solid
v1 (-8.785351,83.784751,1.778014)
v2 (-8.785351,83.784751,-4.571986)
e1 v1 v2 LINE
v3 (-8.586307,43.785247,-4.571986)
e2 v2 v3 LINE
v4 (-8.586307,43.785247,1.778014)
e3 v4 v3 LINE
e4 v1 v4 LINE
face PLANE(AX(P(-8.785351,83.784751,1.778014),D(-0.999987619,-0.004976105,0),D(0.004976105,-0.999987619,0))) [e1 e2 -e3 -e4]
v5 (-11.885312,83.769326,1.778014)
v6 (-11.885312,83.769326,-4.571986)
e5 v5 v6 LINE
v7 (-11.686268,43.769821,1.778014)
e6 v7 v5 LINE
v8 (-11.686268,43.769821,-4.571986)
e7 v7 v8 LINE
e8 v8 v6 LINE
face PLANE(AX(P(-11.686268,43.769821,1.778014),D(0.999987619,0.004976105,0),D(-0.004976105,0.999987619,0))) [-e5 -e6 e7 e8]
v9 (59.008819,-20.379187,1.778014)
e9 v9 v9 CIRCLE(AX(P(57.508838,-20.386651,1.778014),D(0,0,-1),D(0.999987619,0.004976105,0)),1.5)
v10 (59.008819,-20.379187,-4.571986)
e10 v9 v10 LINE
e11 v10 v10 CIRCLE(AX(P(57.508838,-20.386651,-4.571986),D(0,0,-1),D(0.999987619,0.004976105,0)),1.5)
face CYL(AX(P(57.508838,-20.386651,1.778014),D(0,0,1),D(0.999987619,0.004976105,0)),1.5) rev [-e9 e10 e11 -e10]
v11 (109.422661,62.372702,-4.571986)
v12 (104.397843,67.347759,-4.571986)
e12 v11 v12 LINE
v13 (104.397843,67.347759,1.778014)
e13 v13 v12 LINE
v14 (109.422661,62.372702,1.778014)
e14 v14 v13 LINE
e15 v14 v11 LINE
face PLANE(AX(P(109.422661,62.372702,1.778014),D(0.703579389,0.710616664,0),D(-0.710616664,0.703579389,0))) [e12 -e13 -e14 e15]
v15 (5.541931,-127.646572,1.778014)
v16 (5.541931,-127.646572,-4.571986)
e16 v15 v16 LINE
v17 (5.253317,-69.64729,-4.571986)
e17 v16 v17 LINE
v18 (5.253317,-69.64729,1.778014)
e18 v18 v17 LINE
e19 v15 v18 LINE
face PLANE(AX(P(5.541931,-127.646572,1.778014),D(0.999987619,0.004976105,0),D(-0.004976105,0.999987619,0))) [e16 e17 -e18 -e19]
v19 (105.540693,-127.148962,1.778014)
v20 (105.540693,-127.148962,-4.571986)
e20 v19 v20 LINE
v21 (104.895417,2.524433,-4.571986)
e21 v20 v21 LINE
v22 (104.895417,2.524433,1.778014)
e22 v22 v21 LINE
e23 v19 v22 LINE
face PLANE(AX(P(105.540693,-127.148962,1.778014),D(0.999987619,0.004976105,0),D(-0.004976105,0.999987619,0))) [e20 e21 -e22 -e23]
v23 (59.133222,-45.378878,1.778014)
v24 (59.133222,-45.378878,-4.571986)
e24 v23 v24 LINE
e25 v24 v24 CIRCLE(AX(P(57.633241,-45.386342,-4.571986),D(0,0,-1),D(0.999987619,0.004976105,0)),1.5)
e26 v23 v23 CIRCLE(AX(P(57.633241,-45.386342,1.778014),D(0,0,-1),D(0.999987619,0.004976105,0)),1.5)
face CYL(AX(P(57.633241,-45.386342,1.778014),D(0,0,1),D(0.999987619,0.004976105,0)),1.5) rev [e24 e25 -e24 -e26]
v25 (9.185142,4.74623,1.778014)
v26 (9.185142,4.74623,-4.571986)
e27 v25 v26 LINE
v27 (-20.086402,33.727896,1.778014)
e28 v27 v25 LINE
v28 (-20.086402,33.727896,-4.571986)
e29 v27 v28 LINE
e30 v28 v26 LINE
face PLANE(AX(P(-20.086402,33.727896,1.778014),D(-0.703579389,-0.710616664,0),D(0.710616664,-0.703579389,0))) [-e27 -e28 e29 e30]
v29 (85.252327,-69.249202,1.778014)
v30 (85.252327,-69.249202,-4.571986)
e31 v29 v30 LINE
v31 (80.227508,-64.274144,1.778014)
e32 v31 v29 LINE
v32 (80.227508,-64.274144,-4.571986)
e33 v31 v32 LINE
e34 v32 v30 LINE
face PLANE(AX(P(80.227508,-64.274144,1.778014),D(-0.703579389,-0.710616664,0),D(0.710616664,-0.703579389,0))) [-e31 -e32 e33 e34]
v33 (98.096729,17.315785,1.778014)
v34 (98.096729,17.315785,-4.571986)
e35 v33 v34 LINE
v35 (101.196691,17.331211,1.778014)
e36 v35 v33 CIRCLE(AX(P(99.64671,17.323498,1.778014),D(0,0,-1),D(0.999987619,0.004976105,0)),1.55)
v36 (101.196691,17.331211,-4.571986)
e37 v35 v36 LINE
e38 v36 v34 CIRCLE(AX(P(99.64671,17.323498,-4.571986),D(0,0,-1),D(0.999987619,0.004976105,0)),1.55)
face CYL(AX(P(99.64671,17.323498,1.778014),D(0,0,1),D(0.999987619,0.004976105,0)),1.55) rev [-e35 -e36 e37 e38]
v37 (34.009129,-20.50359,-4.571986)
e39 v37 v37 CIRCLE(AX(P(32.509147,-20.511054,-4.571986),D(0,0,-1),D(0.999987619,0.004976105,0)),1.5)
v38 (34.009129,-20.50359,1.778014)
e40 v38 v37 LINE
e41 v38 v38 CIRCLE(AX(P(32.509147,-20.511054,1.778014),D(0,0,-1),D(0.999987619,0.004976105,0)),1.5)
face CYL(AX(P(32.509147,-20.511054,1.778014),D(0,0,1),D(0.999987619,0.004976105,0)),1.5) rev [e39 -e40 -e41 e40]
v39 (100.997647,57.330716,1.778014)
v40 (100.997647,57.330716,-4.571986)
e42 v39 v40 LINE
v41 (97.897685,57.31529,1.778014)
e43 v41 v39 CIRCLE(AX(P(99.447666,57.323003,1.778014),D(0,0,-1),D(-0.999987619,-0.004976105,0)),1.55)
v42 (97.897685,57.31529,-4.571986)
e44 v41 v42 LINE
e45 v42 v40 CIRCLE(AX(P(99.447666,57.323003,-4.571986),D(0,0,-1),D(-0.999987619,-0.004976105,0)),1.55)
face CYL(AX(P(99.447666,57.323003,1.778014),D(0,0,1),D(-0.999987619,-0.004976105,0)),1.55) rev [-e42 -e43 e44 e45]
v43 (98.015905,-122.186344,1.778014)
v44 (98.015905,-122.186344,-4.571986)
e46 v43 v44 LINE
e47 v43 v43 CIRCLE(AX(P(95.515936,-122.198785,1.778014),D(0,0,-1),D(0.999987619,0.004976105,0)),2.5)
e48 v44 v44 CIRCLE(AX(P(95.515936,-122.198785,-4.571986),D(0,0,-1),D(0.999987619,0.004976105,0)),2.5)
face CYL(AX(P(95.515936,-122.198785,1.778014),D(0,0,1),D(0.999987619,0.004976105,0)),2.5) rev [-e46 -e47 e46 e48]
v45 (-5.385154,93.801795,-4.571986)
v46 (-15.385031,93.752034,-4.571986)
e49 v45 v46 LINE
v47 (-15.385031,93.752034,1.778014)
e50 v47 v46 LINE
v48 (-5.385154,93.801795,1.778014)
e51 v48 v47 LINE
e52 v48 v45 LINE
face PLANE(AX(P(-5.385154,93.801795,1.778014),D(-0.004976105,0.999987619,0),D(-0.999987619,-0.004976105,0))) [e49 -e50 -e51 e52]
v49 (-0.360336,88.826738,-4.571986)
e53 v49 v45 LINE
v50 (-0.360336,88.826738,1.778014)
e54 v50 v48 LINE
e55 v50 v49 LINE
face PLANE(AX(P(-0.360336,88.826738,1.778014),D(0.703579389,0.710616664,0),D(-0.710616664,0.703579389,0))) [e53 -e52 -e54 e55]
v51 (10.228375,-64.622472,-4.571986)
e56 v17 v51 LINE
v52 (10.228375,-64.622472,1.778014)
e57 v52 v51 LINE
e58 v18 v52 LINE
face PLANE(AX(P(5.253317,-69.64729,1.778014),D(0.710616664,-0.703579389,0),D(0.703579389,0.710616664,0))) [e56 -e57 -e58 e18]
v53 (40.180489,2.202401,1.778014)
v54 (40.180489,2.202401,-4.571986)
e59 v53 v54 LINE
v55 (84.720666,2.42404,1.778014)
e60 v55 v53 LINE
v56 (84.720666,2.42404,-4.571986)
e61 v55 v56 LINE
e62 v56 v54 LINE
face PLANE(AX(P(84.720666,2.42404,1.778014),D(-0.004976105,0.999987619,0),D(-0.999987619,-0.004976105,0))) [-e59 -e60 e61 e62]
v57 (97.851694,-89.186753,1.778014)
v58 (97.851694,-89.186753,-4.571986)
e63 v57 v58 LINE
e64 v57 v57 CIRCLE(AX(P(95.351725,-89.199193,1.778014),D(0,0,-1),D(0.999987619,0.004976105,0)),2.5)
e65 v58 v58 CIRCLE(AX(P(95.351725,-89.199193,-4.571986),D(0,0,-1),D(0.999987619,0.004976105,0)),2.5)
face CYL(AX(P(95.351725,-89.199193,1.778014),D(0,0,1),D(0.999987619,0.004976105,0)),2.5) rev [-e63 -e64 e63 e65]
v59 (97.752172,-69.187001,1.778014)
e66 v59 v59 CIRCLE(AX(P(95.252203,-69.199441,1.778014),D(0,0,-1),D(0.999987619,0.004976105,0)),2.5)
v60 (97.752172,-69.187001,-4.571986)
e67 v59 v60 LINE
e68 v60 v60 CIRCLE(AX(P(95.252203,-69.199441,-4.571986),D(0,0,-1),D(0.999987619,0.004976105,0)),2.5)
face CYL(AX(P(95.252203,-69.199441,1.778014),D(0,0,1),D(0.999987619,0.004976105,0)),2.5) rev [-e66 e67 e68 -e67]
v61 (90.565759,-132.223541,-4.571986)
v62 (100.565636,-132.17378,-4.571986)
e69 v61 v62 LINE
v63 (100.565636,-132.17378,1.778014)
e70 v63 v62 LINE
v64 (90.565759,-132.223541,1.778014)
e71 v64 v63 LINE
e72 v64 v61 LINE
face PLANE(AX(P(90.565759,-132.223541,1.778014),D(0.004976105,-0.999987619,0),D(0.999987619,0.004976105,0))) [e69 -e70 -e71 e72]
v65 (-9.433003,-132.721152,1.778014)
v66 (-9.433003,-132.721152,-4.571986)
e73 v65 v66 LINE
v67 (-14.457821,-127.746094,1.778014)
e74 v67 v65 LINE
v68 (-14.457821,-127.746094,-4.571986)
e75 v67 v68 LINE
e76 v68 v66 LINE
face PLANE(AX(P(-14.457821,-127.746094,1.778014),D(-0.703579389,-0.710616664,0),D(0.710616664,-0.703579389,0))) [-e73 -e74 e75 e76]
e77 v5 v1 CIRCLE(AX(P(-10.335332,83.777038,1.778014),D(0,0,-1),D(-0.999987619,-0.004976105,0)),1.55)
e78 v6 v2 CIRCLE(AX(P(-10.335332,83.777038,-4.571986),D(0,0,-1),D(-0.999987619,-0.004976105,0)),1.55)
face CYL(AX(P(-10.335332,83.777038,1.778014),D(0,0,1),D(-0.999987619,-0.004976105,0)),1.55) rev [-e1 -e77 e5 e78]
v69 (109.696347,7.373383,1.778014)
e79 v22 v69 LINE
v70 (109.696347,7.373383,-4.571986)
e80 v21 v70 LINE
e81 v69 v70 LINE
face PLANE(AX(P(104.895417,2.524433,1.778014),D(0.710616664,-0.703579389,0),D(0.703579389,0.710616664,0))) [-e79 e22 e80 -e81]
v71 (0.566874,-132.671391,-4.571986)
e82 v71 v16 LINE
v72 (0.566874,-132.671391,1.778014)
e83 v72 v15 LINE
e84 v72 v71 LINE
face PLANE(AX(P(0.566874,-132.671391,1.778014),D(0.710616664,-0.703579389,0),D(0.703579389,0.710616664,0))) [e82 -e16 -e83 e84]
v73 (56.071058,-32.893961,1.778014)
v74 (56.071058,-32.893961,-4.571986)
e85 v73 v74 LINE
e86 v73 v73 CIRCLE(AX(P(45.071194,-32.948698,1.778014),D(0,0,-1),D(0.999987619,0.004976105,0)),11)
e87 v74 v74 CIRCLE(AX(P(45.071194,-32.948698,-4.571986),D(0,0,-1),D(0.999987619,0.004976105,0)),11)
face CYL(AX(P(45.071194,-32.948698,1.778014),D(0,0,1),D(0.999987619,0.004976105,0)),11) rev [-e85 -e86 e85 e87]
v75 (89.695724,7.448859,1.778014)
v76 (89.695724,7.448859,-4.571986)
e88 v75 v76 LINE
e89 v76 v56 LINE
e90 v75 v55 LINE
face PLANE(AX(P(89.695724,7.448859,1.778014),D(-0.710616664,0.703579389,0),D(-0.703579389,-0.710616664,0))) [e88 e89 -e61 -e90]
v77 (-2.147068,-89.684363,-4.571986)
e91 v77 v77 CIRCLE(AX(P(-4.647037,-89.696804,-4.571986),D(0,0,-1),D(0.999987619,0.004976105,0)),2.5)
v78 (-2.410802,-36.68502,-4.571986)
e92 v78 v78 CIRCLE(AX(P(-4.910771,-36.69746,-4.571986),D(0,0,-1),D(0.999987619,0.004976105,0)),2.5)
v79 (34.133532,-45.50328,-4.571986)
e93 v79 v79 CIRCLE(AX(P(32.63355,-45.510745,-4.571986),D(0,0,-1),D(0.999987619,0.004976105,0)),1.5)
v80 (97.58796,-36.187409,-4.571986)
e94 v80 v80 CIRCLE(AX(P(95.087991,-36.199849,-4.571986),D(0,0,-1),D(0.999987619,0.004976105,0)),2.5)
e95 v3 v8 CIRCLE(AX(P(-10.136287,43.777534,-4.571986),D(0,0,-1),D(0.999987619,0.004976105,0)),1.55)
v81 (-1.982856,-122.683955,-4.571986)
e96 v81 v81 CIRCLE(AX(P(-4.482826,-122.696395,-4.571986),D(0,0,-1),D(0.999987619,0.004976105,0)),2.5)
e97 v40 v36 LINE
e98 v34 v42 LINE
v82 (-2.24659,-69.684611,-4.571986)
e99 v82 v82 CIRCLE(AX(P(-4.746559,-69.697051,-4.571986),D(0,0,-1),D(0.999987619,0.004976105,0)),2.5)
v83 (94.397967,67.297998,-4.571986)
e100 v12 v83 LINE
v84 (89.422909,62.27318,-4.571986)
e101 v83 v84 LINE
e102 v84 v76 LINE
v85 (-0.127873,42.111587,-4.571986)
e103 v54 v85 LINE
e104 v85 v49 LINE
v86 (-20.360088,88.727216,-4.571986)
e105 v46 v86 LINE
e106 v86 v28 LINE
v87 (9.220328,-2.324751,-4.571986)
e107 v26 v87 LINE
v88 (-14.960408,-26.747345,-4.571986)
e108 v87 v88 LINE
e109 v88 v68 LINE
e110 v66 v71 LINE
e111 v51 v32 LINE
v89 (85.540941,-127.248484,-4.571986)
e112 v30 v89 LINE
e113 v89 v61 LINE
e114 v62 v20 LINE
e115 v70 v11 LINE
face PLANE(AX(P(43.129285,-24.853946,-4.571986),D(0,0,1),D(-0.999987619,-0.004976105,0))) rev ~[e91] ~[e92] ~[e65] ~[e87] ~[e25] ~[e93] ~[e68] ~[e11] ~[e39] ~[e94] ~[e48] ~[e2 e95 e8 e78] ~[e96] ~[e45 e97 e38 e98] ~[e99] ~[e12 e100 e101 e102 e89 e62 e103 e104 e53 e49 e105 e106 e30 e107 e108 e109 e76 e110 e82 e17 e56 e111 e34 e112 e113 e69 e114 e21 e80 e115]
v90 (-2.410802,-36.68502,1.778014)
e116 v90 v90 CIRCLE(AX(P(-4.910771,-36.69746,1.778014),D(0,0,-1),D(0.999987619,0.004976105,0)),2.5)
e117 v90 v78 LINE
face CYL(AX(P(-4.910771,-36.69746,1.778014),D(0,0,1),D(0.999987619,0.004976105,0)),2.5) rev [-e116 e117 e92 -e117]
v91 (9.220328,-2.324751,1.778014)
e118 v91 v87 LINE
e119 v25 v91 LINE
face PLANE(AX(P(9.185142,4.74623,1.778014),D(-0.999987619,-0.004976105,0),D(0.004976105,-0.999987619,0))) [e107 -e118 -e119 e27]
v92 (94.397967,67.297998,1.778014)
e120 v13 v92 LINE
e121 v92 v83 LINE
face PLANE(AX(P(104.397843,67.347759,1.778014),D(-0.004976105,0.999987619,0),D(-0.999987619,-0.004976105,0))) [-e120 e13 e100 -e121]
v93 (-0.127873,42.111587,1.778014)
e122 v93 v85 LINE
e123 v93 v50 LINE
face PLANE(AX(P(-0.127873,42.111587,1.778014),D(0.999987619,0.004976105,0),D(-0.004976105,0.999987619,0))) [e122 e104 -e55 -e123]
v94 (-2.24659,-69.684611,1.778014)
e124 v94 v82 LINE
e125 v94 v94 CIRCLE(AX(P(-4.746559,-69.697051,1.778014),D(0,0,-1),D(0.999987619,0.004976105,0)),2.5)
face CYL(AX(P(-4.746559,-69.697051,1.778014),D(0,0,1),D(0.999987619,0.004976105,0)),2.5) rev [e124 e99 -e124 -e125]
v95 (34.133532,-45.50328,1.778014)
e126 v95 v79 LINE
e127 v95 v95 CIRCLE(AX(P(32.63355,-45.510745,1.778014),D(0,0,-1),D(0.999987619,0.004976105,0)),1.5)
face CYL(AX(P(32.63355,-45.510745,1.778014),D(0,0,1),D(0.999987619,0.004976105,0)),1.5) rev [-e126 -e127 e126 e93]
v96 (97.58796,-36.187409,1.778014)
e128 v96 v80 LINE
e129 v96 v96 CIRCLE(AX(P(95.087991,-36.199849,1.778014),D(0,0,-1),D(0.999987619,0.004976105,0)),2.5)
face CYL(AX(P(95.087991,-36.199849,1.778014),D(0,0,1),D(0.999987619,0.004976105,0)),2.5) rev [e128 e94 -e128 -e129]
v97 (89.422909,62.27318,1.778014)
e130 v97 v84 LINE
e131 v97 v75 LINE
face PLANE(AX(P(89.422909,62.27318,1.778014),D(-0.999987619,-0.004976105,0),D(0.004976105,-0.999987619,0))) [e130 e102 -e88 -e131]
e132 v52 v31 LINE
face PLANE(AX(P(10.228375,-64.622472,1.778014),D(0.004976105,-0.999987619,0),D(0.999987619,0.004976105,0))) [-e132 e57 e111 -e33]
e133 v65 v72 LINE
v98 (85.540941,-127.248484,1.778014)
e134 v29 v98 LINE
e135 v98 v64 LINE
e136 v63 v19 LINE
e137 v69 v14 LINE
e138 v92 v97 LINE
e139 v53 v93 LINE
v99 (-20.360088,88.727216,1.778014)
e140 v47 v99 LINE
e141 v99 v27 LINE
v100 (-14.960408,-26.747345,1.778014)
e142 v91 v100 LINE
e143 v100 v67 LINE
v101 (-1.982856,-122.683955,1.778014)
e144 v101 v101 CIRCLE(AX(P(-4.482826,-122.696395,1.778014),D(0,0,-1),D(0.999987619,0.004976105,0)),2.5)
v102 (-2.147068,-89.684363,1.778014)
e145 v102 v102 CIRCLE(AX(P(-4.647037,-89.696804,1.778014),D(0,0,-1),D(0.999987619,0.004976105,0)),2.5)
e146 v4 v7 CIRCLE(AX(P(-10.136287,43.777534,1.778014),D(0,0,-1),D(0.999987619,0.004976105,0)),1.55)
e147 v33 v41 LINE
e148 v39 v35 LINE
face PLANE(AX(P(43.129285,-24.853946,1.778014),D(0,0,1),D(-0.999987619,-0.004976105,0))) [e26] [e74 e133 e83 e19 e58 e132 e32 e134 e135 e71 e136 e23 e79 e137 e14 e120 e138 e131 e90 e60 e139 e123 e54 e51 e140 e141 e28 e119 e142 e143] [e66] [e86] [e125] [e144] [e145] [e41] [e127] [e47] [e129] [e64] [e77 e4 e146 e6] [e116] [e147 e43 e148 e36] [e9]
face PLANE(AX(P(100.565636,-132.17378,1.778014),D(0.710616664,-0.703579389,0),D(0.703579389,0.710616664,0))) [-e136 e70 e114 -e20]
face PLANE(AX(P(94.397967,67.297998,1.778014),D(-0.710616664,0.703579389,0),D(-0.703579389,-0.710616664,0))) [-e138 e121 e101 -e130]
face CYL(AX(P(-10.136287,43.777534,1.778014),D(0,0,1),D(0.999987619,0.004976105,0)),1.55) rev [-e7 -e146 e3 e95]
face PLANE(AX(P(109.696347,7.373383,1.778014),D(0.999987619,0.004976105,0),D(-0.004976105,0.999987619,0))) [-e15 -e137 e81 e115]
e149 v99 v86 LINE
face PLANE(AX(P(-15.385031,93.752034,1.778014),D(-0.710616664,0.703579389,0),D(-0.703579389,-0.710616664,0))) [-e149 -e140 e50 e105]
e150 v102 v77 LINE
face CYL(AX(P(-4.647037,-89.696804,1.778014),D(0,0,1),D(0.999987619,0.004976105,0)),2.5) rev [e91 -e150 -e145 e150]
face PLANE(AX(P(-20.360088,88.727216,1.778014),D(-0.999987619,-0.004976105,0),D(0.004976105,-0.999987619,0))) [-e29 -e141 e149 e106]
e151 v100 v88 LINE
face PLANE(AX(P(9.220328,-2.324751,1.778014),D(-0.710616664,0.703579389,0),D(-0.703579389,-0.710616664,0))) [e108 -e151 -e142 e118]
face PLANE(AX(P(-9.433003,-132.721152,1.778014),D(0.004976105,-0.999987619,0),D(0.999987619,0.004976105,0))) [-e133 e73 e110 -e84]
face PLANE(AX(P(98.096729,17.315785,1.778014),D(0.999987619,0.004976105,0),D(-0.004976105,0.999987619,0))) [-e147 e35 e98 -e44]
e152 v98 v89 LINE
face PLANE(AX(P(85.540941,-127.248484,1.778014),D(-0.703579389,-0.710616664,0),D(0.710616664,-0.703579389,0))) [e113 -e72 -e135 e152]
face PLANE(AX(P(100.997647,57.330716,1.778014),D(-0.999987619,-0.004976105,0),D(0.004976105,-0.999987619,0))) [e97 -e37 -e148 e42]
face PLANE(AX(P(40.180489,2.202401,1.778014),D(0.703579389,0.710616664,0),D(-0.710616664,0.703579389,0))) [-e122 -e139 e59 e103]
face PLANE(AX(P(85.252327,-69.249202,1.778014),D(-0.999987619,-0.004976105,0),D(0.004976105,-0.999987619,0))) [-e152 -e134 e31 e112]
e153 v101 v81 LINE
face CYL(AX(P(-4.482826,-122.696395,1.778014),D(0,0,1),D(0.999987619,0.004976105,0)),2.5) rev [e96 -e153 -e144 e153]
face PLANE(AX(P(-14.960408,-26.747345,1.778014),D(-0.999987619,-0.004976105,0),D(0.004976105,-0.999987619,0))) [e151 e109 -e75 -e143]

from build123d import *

# Parameters (mm, degrees)
SKETCH015_R             = 2.5
SKETCH015_R_2           = 11
SKETCH015_R_3           = 1.5
PAD_DEPTH               = 6.35
BODY004_PLACEMENT_ANGLE = 0.285111


with BuildPart() as part:
    # Sketch015 → Pad (new body)
    with BuildSketch(Plane(origin=(0, 0, 0), x_dir=(1, 0, 0), z_dir=(0, 0, -1))):
        Polygon((-60, -6.5), (-60, 94.5), (-55, 99.5), (-45, 99.5), (-40, 94.5), (-40, 36.5), (-35, 31.5), (35, 31.5), (40, 36.5), (40, 94.5), (45, 99.5), (55, 99.5), (60, 94.5), (60, -35.175), (64.825, -40), (64.825, -95), (59.825, -100), (49.825, -100), (44.825, -95), (44.825, -40.175), (39.825, -35.175), (-4.715729, -35.175), (-44.825, -75.284271), (-44.825, -122), (-49.825, -127), (-59.825, -127), (-64.825, -122), (-64.825, -67), (-35.698034, -37.873034), (-35.698034, -30.801966), align=None)
        with Locations((-50, 89.5)):
            Circle(SKETCH015_R, mode=Mode.SUBTRACT)
        with Locations((-50, 36.5)):
            Circle(SKETCH015_R, mode=Mode.SUBTRACT)
        with Locations((50, 36.5)):
            Circle(SKETCH015_R, mode=Mode.SUBTRACT)
        Circle(SKETCH015_R_2, mode=Mode.SUBTRACT)
        with Locations((50, 89.5)):
            Circle(SKETCH015_R, mode=Mode.SUBTRACT)
        with Locations((-12.5, 12.5)):
            Circle(SKETCH015_R_3, mode=Mode.SUBTRACT)
        with Locations((12.5, 12.5)):
            Circle(SKETCH015_R_3, mode=Mode.SUBTRACT)
        with Locations((12.5, -12.5)):
            Circle(SKETCH015_R_3, mode=Mode.SUBTRACT)
        with Locations((-12.5, -12.5)):
            Circle(SKETCH015_R_3, mode=Mode.SUBTRACT)
        with Locations((-50, 3.5)):
            Circle(SKETCH015_R, mode=Mode.SUBTRACT)
        with Locations((-50, 56.5)):
            Circle(SKETCH015_R, mode=Mode.SUBTRACT)
        with Locations((50, 56.5)):
            Circle(SKETCH015_R, mode=Mode.SUBTRACT)
        with Locations((50, 3.5)):
            Circle(SKETCH015_R, mode=Mode.SUBTRACT)
        with BuildLine():
            ThreePointArc((-53.275, -77), (-54.825, -75.45), (-56.375, -77))
            Line((-56.375, -77), (-56.375, -117))
            ThreePointArc((-56.375, -117), (-54.825, -118.55), (-53.275, -117))
            Line((-53.275, -117), (-53.275, -77))
        make_face(mode=Mode.SUBTRACT)
        with BuildLine():
            ThreePointArc((56.375, -50), (54.825, -48.45), (53.275, -50))
            Line((53.275, -50), (53.275, -90))
            ThreePointArc((53.275, -90), (54.825, -91.55), (56.375, -90))
            Line((56.375, -90), (56.375, -50))
        make_face(mode=Mode.SUBTRACT)
    extrude(amount=PAD_DEPTH)


with BuildPart() as part_1:
    # Body004 placement: moved
    add(part.part.moved(Location((45.071194, -32.948698, 1.778014))).rotate(Axis((45.071194, -32.948698, 1.778014), (0, 0, 1)), BODY004_PLACEMENT_ANGLE))


solid = part_1.part
